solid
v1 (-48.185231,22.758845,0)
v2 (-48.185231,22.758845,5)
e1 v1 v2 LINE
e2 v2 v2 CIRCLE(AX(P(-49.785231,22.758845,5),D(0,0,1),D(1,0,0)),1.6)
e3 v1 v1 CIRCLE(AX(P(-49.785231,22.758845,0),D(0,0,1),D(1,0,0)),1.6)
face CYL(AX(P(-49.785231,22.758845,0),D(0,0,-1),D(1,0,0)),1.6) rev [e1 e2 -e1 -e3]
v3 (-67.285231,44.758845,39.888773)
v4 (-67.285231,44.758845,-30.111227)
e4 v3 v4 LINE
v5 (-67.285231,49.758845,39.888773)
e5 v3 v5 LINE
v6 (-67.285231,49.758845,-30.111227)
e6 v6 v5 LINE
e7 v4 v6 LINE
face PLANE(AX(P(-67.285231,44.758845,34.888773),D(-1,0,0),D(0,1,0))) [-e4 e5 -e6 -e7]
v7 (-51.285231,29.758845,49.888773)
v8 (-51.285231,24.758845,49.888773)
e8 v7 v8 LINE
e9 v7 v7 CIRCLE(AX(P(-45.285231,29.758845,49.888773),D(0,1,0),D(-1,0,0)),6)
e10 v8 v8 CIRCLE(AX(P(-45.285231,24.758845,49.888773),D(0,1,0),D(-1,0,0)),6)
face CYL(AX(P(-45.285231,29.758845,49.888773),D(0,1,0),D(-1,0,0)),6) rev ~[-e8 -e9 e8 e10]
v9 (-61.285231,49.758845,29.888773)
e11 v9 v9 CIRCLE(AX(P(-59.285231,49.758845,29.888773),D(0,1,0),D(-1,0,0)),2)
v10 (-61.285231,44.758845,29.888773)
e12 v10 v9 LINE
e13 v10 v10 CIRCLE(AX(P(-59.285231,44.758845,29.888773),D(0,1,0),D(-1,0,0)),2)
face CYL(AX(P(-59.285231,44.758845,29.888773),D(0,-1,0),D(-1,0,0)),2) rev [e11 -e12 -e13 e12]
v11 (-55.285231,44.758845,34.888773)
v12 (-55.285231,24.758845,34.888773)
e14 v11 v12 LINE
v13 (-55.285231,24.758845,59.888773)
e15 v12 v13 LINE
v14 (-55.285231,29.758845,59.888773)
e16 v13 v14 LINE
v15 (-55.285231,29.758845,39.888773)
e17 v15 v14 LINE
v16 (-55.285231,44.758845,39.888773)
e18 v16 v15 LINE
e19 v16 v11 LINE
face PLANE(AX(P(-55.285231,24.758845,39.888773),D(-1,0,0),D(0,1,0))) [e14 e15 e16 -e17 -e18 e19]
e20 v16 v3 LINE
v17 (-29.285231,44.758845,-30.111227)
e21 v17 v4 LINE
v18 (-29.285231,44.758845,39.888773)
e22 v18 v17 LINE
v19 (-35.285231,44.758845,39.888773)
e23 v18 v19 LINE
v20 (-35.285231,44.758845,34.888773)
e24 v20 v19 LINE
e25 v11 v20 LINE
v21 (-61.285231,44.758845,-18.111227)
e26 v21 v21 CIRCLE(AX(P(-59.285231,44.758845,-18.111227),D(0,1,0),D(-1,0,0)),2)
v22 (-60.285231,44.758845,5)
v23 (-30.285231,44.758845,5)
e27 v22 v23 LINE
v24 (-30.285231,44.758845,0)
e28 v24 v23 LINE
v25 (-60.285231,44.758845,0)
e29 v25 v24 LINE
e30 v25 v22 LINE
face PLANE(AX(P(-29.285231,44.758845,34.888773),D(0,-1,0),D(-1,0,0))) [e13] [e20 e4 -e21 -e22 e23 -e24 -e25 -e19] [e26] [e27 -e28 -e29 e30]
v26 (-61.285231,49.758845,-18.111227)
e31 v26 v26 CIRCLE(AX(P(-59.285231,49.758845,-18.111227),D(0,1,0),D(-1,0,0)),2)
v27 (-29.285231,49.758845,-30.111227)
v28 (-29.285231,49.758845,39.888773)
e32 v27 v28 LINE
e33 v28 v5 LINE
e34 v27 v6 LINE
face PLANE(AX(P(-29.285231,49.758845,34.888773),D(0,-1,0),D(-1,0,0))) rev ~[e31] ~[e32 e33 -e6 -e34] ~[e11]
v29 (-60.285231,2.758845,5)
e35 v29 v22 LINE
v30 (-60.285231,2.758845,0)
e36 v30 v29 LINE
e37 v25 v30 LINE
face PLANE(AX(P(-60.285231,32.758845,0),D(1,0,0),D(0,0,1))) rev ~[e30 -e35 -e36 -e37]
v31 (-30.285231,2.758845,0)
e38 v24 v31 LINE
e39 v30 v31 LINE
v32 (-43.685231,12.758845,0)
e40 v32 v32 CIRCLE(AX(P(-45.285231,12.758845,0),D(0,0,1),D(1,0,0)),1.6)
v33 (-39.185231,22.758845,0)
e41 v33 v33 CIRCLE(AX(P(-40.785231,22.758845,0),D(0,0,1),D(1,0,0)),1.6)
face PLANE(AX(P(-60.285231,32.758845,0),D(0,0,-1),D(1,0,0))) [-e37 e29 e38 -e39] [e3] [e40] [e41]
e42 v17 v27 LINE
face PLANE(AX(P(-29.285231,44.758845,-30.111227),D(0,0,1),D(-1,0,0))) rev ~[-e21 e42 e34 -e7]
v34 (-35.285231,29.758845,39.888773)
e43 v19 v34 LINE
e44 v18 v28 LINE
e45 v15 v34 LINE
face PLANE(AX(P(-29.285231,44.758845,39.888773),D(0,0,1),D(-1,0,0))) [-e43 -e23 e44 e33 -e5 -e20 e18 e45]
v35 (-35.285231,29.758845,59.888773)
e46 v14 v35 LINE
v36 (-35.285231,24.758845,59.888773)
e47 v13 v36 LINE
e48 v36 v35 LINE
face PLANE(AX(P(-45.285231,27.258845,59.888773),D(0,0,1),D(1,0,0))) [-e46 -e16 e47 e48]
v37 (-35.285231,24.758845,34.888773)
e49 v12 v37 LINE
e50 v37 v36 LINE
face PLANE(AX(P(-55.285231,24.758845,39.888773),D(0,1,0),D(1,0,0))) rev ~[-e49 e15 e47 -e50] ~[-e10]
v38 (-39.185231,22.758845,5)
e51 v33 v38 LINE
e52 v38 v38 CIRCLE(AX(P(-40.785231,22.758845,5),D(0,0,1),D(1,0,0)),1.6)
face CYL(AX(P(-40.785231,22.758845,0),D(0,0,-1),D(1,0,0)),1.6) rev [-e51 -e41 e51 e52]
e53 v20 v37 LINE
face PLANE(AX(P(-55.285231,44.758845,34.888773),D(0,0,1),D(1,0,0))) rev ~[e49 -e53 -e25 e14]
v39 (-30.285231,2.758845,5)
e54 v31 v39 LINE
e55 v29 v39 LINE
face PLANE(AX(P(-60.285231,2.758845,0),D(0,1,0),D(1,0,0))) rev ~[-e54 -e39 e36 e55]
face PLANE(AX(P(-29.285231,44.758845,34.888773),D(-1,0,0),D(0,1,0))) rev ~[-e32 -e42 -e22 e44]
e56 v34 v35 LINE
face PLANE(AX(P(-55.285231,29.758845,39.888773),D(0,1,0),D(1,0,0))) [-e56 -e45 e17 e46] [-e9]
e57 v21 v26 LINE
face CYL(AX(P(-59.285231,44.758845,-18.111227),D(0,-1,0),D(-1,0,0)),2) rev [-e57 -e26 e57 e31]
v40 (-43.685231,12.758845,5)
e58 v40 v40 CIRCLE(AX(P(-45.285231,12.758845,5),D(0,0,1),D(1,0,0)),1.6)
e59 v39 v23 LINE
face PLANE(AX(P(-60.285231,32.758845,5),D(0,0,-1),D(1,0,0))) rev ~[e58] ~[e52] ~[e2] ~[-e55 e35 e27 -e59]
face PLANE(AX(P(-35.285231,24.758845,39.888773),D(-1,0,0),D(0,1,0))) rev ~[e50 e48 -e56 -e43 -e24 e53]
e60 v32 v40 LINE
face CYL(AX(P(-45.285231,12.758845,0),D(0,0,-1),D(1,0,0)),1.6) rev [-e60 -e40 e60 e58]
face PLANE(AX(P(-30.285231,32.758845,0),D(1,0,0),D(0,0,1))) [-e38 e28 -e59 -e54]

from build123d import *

# Parameters (mm, degrees)
F0_W      = 30
F0_H      = 30
F0_R      = 1.6
F1_DEPTH  = 5
F2_DEPTH  = 12
F3_W      = 38
F3_H      = 65
F3_R      = 2
F3_W_2    = 30
F3_H_2    = 5
F4_DEPTH  = 5
F5_DEPTH  = 5
F7_DEPTH  = 20
F8_W      = 20
F8_H      = 5
F9_DEPTH  = 20
F10_R     = 6
F11_DEPTH = 5


with BuildPart() as f1:
    # F0 (on Top) → F1 (new body)
    with BuildSketch(Plane.XY):
        with Locations((-45.2852314338, 17.7588454891)):
            Rectangle(F0_W, F0_H)
        with Locations((-45.2852314338, 12.7588454891)):
            Circle(F0_R, mode=Mode.SUBTRACT)
        with Locations((-49.7852314338, 22.7588454891)):
            Circle(F0_R, mode=Mode.SUBTRACT)
        with Locations((-40.7852314338, 22.7588454891)):
            Circle(F0_R, mode=Mode.SUBTRACT)
    extrude(amount=F1_DEPTH)

    # F2 (add): a face of the model
    f2_faces = [f1.faces().sort_by_distance(p)[0] for p in [
        (-45.2852314338, 32.7588454891, 2.5),
    ]]
    extrude(f2_faces, amount=F2_DEPTH)

    # F3 (on face) → F4 (join)
    with BuildSketch(Plane(origin=(0, 44.7588454891, 0), x_dir=(-1, 0, 0), z_dir=(0, 1, 0))):
        with Locations((48.2852314338, 2.3887734723)):
            Rectangle(F3_W, F3_H)
        with Locations((59.2852314338, -18.1112265277)):
            Circle(F3_R, mode=Mode.SUBTRACT)
        with Locations((45.2852314338, 2.5)):
            Rectangle(F3_W_2, F3_H_2, mode=Mode.SUBTRACT)
        with Locations((59.2852314338, 29.8887734723)):
            Circle(F3_R, mode=Mode.SUBTRACT)
        with Locations((45.2852314338, 2.5)):
            Rectangle(F3_W_2, F3_H_2)
    extrude(amount=F4_DEPTH)

    # F5 (add): a face of the model
    f5_faces = [f1.faces().sort_by_distance(p)[0] for p in [
        (-48.2852314338, 47.2588454891, 34.8887734723),
    ]]
    extrude(f5_faces, amount=F5_DEPTH)

    # F6 (on face) → F7 (join)
    with BuildSketch(Plane.XZ.offset(-44.7588454891)):
        Polygon((-35.2852314338, 39.8887734723), (-55.2852314338, 39.8887734723), (-55.2852314338, 34.8887734723), (-45.2852314338, 34.8887734723), (-35.2852314338, 34.8887734723), align=None)
    extrude(amount=F7_DEPTH)

    # F8 (on face) → F9 (join)
    with BuildSketch(Plane.XY.offset(39.8887734723)):
        with Locations((-45.2852314338, 27.2588454891)):
            Rectangle(F8_W, F8_H)
    extrude(amount=F9_DEPTH)

    # F10 (on face) → F11 (cut)
    with BuildSketch(Plane(origin=(0, 29.7588454891, 0), x_dir=(-1, 0, 0), z_dir=(0, 1, 0))):
        with Locations((45.2852314338, 49.8887734723)):
            Circle(F10_R)
    extrude(amount=-F11_DEPTH, mode=Mode.SUBTRACT)


solid = f1.part
